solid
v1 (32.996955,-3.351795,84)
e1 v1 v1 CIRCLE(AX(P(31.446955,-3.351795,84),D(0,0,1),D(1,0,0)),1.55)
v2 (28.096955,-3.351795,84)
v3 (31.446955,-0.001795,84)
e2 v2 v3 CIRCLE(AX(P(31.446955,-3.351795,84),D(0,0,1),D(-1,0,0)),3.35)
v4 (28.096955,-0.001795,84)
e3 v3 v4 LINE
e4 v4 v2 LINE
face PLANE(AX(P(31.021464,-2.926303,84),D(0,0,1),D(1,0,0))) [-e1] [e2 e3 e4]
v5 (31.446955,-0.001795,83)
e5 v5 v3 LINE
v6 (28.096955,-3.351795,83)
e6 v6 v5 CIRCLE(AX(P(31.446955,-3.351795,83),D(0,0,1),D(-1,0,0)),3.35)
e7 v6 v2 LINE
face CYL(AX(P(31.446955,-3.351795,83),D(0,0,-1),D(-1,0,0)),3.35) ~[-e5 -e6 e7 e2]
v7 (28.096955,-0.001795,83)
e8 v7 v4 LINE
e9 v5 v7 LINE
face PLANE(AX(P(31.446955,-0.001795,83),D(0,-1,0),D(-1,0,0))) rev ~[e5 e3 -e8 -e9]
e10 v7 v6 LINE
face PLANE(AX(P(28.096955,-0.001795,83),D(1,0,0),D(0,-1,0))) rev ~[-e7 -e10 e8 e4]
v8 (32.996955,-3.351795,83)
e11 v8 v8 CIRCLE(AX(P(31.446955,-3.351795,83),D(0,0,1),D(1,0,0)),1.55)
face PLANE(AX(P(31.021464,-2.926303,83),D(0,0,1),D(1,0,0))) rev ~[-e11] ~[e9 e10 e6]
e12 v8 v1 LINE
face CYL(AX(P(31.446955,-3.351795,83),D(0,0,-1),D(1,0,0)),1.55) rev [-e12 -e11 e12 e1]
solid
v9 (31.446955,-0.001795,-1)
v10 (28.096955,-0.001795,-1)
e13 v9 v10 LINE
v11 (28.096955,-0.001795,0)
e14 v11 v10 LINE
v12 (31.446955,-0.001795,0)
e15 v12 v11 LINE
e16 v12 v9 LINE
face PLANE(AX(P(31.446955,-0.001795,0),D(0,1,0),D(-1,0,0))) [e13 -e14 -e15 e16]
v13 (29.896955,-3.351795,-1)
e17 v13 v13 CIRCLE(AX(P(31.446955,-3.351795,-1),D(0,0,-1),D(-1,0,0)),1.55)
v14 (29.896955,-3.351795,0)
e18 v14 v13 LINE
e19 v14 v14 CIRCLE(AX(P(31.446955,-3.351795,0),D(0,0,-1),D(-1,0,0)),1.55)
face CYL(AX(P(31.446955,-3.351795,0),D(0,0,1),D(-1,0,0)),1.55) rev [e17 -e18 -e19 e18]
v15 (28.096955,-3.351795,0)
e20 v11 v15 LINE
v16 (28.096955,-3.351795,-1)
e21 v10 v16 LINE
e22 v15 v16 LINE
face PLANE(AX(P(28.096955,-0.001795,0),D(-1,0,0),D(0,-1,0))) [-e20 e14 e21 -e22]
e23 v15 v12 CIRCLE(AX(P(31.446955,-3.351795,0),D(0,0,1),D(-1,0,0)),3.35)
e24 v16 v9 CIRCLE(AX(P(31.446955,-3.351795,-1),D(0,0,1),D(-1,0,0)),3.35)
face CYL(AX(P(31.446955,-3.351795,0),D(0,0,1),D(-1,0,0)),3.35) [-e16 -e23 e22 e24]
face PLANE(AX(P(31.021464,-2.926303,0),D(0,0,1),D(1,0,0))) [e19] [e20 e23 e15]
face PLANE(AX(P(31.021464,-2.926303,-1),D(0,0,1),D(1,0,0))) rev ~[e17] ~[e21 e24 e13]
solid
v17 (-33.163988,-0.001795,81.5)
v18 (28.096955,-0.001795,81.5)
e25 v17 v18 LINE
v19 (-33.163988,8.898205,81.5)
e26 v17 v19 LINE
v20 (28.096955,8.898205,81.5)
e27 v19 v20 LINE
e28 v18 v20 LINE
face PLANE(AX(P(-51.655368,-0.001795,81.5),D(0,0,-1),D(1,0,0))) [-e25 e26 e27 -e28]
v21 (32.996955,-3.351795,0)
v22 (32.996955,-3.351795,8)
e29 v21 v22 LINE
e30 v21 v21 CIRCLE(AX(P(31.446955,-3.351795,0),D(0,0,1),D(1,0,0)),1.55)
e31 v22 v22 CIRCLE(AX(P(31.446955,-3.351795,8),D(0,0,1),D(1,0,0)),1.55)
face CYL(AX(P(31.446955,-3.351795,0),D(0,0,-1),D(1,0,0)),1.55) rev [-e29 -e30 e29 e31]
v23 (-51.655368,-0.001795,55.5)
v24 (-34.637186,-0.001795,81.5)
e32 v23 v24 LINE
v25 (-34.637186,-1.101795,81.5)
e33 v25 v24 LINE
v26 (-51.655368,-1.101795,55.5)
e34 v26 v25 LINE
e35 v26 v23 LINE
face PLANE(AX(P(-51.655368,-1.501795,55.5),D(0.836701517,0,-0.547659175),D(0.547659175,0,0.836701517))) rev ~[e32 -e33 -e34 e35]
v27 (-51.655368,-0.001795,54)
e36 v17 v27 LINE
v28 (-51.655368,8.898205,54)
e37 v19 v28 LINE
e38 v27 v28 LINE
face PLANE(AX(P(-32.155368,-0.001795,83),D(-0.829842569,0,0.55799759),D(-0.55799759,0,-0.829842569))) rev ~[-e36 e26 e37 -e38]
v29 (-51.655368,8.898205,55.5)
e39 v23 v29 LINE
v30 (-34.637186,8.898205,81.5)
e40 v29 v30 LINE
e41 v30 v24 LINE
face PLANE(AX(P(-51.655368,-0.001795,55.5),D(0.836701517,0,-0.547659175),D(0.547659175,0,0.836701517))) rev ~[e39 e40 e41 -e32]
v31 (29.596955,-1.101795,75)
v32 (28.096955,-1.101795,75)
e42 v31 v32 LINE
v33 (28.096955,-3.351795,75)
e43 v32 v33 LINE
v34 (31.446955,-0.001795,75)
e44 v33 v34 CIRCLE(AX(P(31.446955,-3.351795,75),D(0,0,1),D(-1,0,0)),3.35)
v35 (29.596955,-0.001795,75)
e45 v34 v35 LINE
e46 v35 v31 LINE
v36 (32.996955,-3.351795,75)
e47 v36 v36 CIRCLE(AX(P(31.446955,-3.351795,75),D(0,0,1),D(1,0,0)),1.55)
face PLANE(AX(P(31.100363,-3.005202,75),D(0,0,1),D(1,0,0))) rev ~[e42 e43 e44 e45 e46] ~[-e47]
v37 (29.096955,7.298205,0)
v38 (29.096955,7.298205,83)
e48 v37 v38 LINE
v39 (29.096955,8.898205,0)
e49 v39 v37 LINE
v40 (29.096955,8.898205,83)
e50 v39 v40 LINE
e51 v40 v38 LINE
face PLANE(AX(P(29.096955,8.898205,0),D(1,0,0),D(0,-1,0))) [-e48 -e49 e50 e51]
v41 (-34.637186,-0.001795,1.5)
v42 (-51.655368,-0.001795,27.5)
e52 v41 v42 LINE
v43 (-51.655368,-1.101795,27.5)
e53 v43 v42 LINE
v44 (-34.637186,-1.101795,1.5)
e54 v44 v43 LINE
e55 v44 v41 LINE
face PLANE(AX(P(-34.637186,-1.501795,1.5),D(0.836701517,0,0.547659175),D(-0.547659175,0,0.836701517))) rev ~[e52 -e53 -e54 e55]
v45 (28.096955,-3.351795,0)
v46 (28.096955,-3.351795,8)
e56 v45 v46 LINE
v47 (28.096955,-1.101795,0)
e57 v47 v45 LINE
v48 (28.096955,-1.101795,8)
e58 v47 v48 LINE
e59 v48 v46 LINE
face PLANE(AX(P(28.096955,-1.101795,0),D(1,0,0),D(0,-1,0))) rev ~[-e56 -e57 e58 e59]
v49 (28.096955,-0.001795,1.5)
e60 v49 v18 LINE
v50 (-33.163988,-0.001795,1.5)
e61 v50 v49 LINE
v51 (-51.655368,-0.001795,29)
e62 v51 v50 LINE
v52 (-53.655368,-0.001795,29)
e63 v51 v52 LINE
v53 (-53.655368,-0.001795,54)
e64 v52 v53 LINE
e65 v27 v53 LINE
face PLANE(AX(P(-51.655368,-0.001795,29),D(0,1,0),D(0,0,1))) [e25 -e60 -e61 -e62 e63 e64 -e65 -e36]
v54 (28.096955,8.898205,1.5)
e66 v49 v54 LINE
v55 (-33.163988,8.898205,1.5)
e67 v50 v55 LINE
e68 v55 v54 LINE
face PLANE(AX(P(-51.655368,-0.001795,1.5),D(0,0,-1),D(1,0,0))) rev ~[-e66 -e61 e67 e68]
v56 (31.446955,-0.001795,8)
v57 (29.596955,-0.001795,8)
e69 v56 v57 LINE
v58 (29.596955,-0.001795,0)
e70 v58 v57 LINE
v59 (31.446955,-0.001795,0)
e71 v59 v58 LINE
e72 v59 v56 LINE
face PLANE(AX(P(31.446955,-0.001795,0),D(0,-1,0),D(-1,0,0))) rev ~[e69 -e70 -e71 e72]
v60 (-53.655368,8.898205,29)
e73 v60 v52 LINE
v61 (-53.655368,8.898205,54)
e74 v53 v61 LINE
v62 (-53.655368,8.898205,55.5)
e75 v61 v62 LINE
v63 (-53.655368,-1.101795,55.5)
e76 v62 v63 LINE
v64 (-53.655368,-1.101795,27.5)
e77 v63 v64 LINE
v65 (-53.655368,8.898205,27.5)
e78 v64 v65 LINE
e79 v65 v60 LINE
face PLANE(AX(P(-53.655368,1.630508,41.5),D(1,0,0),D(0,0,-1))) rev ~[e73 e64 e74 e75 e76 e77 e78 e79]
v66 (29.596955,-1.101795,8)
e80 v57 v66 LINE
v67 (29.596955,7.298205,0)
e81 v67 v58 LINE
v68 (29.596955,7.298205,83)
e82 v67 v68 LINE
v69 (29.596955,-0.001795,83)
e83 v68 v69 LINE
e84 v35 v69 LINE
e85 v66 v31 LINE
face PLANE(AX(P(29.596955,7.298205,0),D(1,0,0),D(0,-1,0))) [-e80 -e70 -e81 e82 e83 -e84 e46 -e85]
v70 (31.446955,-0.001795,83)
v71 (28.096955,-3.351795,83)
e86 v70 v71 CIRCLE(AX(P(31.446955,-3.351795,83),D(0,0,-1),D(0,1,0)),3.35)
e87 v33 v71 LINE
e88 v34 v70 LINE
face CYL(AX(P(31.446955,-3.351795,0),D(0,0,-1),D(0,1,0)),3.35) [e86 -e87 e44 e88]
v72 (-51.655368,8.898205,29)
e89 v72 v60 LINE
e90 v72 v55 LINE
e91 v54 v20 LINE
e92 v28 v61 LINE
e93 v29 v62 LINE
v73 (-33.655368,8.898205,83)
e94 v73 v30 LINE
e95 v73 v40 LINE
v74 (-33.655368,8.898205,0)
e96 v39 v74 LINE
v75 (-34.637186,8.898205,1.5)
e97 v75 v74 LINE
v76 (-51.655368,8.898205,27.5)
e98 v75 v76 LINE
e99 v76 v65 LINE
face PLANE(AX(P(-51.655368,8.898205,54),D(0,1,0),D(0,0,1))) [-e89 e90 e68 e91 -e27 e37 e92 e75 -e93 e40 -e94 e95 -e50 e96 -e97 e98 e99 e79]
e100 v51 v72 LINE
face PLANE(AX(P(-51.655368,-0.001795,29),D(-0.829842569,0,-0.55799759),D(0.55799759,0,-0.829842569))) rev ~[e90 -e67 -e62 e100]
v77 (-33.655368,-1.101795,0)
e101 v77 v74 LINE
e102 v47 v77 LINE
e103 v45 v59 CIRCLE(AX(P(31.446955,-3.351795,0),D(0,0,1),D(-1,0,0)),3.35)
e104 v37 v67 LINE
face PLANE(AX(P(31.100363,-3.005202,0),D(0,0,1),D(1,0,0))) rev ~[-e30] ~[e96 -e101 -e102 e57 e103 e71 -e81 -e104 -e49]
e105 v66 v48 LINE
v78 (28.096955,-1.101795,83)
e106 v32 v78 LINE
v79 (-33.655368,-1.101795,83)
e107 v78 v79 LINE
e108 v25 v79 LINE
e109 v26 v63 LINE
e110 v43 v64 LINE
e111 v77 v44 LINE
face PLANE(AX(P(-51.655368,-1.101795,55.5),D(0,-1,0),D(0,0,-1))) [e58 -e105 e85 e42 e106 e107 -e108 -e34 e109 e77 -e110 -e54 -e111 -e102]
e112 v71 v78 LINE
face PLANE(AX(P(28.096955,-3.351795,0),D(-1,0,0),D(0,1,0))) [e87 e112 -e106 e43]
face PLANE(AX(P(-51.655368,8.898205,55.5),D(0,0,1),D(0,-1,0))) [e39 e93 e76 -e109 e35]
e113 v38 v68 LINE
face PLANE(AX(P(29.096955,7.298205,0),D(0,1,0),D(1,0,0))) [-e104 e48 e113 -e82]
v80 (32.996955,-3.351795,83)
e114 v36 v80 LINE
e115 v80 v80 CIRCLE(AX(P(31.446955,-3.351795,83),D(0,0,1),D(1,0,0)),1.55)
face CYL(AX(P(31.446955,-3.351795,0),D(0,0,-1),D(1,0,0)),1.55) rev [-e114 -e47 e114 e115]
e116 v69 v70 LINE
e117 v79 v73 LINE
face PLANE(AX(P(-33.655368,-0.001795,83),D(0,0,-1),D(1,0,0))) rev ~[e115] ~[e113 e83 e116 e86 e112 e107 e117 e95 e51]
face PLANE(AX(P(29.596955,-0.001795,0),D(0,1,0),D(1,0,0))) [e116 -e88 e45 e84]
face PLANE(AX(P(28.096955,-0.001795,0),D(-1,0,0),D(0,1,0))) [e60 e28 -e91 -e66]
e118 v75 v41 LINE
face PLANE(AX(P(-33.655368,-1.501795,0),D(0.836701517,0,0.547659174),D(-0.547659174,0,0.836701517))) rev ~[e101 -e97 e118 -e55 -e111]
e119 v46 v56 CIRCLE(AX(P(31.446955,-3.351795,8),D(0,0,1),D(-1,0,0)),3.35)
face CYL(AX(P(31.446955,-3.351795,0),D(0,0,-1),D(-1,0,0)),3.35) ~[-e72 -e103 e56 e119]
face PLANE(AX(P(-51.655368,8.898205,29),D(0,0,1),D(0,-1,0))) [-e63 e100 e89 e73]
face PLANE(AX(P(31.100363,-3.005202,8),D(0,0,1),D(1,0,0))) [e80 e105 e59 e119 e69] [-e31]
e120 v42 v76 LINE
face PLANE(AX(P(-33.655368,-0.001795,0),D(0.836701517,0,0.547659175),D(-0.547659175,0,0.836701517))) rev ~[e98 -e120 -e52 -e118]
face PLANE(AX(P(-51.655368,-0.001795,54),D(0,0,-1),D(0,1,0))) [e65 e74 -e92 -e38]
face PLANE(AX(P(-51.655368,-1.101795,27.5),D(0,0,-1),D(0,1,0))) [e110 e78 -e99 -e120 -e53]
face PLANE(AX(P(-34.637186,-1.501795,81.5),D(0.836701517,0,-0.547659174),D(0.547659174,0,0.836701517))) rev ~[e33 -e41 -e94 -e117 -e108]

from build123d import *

# Parameters (mm, degrees)
SKETCH_2_R               = 1.55
EXTRUDE_1_DEPTH          = 83
SKETCH_3_W               = 79.752323104
SKETCH_3_H               = 1.5
EXTRUDE_2_DEPTH          = 8.9
EXTRUDE_2_2_DEPTH        = 8.9
EXTRUDE_3_DEPTH          = 8.9
CUT_EXTRUDE_2_DEPTH      = 9
CUT_EXTRUDE_2_DEPTH_BACK = 1.5
SKETCH_15_R              = 1.55
CUT_EXTRUDE_6_DEPTH      = 75
SKETCH_16_R              = 1.55
EXTRUDE_5_DEPTH          = 8
EXTRUDE_6_DEPTH          = 2
SKETCH_18_R              = 1.55
EXTRUDE_8_DEPTH          = 1
SKETCH_19_R              = 1.55
EXTRUDE_9_DEPTH          = 1


with BuildPart() as part:
    # Эскиз2 → Бобышка-Вытянуть1 (new body)
    with BuildSketch(Plane.XY):
        with BuildLine():
            Line((28.096955486, -1.101794634), (-25.790710178, -1.101794634))
            Line((-25.790710178, -1.101794634), (-31.655367618, -1.101794634))
            Line((-31.655367618, -1.101794634), (-51.655367618, -1.101794634))
            Line((-51.655367618, -1.101794634), (-51.655367618, -0.001794634))
            Line((-51.655367618, -0.001794634), (-31.655367618, -0.001794634))
            Line((-31.655367618, -0.001794634), (-29.655367618, -0.001794634))
            Line((-29.655367618, -0.001794634), (28.096955486, -0.001794634))
            Line((28.096955486, -0.001794634), (28.096955486, 8.898205366))
            Line((28.096955486, 8.898205366), (29.096955486, 8.898205366))
            Line((29.096955486, 8.898205366), (29.096955486, 7.298205366))
            Line((29.096955486, 7.298205366), (29.596955486, 7.298205366))
            Line((29.596955486, 7.298205366), (29.596955486, -0.001794634))
            Line((29.596955486, -0.001794634), (31.446955486, -0.001794634))
            ThreePointArc((31.446955486, -0.001794634), (33.815763203, -5.720602351), (28.096955486, -3.351794634))
            Line((28.096955486, -3.351794634), (28.096955486, -1.101794634))
        make_face()
        with Locations((31.446955486, -3.351794634)):
            Circle(SKETCH_2_R, mode=Mode.SUBTRACT)
    extrude(amount=EXTRUDE_1_DEPTH)



with BuildPart() as body_2:
    # Эскиз3 → Бобышка-Вытянуть2 (new body)
    with BuildSketch(Plane(origin=(0, -0.001794634, 0), x_dir=(1, 0, 0), z_dir=(0, 1, 0))):
        with Locations((-11.779206066, -0.75)):
            Rectangle(SKETCH_3_W, SKETCH_3_H)
    extrude(amount=EXTRUDE_2_DEPTH)


with BuildPart() as body_3:
    # Эскиз3 → Extrude 2 2 (new body)
    with BuildSketch(Plane(origin=(0, -0.001794634, 0), x_dir=(1, 0, 0), z_dir=(0, 1, 0))):
        with Locations((-11.779206066, -82.25)):
            Rectangle(SKETCH_3_W, SKETCH_3_H)
    extrude(amount=EXTRUDE_2_2_DEPTH)


with BuildPart() as part_1:
    add(part.part)

    add(body_2.part)  # Бобышка-Вытянуть3 merges body 2

    add(body_3.part)  # Бобышка-Вытянуть3 merges body 3
    # Эскиз5 → Бобышка-Вытянуть3 (add)
    with BuildSketch(Plane(origin=(0, -0.001794634, 0), x_dir=(1, 0, 0), z_dir=(0, 1, 0))):
        Polygon((-32.155367618, -83), (-51.655367618, -54), (-51.655367618, -55.5), (-33.655367618, -83), align=None)
        Polygon((-33.655367618, 0), (-51.655367618, -27.5), (-51.655367618, -29), (-32.155367618, 0), align=None)
    extrude(amount=EXTRUDE_3_DEPTH)

    # Эскиз7 → Вырез-Вытянуть2 (cut, two sides: drawn at the far end of the back side and taken through both)
    with BuildSketch(Plane(origin=(0, -0.001794634, 0), x_dir=(1, 0, 0), z_dir=(0, 1, 0)).offset(-CUT_EXTRUDE_2_DEPTH_BACK)):
        Polygon((-51.655367618, -27.5), (-51.655367618, 0), (-33.655367618, 0), (-34.637185799, -1.5), align=None)
        Polygon((-51.655367618, -55.5), (-34.637185799, -81.5), (-33.655367618, -83), (-51.655367618, -83), align=None)
    extrude(amount=CUT_EXTRUDE_2_DEPTH + CUT_EXTRUDE_2_DEPTH_BACK, mode=Mode.SUBTRACT)

    # Эскиз15 → Вырез-Вытянуть6 (cut)
    with BuildSketch(Plane.XY):
        with BuildLine():
            Line((31.446955486, -0.001794634), (29.596955486, -0.001794634))
            Line((29.596955486, -0.001794634), (29.596955486, -1.101794634))
            Line((29.596955486, -1.101794634), (28.096955486, -1.101794634))
            Line((28.096955486, -1.101794634), (28.096955486, -3.351794634))
            ThreePointArc((28.096955486, -3.351794634), (33.815763203, -5.720602351), (31.446955486, -0.001794634))
        make_face()
        with Locations((31.446955486, -3.351794634)):
            Circle(SKETCH_15_R, mode=Mode.SUBTRACT)
    extrude(amount=CUT_EXTRUDE_6_DEPTH, mode=Mode.SUBTRACT)

    # Эскиз16 → Бобышка-Вытянуть5 (add)
    with BuildSketch(Plane.XY):
        with BuildLine():
            Line((31.446955486, -0.001794634), (29.596955486, -0.001794634))
            Line((29.596955486, -0.001794634), (29.596955486, -1.101794634))
            Line((29.596955486, -1.101794634), (28.096955486, -1.101794634))
            Line((28.096955486, -1.101794634), (28.096955486, -3.351794634))
            ThreePointArc((28.096955486, -3.351794634), (33.815763203, -5.720602351), (31.446955486, -0.001794634))
        make_face()
        with Locations((31.446955486, -3.351794634)):
            Circle(SKETCH_16_R, mode=Mode.SUBTRACT)
    extrude(amount=EXTRUDE_5_DEPTH)

    # Эскиз17 → Бобышка-Вытянуть6 (add)
    with BuildSketch(Plane.ZY.offset(51.655367618)):
        Polygon((54, 8.898205366), (55.5, 8.898205366), (55.5, -1.101794634), (27.5, -1.101794634), (27.5, 8.898205366), (29, 8.898205366), (29, -0.001794634), (54, -0.001794634), align=None)
    extrude(amount=EXTRUDE_6_DEPTH)


with BuildPart() as body_2_2:
    # Эскиз18 → Бобышка-Вытянуть8 (new body)
    with BuildSketch(Plane.XY.offset(83)):
        with BuildLine():
            Line((31.446955486, -0.001794634), (28.096955486, -0.001794634))
            Line((28.096955486, -0.001794634), (28.096955486, -3.351794634))
            ThreePointArc((28.096955486, -3.351794634), (33.815763203, -5.720602351), (31.446955486, -0.001794634))
        make_face()
        with Locations((31.446955486, -3.351794634)):
            Circle(SKETCH_18_R, mode=Mode.SUBTRACT)
    extrude(amount=EXTRUDE_8_DEPTH)


with BuildPart() as body_3_2:
    # Эскиз19 → Бобышка-Вытянуть9 (new body)
    with BuildSketch(Plane(origin=(0, 0, 0), x_dir=(-1, 0, 0), z_dir=(0, 0, -1))):
        with BuildLine():
            Line((-31.446955486, -0.001794634), (-28.096955486, -0.001794634))
            Line((-28.096955486, -0.001794634), (-28.096955486, -3.351794634))
            ThreePointArc((-28.096955486, -3.351794634), (-33.815763203, -5.720602351), (-31.446955486, -0.001794634))
        make_face()
        with Locations((-31.446955486, -3.351794634)):
            Circle(SKETCH_19_R, mode=Mode.SUBTRACT)
    extrude(amount=EXTRUDE_9_DEPTH)


solid = Compound([part_1.part, body_2_2.part, body_3_2.part])
